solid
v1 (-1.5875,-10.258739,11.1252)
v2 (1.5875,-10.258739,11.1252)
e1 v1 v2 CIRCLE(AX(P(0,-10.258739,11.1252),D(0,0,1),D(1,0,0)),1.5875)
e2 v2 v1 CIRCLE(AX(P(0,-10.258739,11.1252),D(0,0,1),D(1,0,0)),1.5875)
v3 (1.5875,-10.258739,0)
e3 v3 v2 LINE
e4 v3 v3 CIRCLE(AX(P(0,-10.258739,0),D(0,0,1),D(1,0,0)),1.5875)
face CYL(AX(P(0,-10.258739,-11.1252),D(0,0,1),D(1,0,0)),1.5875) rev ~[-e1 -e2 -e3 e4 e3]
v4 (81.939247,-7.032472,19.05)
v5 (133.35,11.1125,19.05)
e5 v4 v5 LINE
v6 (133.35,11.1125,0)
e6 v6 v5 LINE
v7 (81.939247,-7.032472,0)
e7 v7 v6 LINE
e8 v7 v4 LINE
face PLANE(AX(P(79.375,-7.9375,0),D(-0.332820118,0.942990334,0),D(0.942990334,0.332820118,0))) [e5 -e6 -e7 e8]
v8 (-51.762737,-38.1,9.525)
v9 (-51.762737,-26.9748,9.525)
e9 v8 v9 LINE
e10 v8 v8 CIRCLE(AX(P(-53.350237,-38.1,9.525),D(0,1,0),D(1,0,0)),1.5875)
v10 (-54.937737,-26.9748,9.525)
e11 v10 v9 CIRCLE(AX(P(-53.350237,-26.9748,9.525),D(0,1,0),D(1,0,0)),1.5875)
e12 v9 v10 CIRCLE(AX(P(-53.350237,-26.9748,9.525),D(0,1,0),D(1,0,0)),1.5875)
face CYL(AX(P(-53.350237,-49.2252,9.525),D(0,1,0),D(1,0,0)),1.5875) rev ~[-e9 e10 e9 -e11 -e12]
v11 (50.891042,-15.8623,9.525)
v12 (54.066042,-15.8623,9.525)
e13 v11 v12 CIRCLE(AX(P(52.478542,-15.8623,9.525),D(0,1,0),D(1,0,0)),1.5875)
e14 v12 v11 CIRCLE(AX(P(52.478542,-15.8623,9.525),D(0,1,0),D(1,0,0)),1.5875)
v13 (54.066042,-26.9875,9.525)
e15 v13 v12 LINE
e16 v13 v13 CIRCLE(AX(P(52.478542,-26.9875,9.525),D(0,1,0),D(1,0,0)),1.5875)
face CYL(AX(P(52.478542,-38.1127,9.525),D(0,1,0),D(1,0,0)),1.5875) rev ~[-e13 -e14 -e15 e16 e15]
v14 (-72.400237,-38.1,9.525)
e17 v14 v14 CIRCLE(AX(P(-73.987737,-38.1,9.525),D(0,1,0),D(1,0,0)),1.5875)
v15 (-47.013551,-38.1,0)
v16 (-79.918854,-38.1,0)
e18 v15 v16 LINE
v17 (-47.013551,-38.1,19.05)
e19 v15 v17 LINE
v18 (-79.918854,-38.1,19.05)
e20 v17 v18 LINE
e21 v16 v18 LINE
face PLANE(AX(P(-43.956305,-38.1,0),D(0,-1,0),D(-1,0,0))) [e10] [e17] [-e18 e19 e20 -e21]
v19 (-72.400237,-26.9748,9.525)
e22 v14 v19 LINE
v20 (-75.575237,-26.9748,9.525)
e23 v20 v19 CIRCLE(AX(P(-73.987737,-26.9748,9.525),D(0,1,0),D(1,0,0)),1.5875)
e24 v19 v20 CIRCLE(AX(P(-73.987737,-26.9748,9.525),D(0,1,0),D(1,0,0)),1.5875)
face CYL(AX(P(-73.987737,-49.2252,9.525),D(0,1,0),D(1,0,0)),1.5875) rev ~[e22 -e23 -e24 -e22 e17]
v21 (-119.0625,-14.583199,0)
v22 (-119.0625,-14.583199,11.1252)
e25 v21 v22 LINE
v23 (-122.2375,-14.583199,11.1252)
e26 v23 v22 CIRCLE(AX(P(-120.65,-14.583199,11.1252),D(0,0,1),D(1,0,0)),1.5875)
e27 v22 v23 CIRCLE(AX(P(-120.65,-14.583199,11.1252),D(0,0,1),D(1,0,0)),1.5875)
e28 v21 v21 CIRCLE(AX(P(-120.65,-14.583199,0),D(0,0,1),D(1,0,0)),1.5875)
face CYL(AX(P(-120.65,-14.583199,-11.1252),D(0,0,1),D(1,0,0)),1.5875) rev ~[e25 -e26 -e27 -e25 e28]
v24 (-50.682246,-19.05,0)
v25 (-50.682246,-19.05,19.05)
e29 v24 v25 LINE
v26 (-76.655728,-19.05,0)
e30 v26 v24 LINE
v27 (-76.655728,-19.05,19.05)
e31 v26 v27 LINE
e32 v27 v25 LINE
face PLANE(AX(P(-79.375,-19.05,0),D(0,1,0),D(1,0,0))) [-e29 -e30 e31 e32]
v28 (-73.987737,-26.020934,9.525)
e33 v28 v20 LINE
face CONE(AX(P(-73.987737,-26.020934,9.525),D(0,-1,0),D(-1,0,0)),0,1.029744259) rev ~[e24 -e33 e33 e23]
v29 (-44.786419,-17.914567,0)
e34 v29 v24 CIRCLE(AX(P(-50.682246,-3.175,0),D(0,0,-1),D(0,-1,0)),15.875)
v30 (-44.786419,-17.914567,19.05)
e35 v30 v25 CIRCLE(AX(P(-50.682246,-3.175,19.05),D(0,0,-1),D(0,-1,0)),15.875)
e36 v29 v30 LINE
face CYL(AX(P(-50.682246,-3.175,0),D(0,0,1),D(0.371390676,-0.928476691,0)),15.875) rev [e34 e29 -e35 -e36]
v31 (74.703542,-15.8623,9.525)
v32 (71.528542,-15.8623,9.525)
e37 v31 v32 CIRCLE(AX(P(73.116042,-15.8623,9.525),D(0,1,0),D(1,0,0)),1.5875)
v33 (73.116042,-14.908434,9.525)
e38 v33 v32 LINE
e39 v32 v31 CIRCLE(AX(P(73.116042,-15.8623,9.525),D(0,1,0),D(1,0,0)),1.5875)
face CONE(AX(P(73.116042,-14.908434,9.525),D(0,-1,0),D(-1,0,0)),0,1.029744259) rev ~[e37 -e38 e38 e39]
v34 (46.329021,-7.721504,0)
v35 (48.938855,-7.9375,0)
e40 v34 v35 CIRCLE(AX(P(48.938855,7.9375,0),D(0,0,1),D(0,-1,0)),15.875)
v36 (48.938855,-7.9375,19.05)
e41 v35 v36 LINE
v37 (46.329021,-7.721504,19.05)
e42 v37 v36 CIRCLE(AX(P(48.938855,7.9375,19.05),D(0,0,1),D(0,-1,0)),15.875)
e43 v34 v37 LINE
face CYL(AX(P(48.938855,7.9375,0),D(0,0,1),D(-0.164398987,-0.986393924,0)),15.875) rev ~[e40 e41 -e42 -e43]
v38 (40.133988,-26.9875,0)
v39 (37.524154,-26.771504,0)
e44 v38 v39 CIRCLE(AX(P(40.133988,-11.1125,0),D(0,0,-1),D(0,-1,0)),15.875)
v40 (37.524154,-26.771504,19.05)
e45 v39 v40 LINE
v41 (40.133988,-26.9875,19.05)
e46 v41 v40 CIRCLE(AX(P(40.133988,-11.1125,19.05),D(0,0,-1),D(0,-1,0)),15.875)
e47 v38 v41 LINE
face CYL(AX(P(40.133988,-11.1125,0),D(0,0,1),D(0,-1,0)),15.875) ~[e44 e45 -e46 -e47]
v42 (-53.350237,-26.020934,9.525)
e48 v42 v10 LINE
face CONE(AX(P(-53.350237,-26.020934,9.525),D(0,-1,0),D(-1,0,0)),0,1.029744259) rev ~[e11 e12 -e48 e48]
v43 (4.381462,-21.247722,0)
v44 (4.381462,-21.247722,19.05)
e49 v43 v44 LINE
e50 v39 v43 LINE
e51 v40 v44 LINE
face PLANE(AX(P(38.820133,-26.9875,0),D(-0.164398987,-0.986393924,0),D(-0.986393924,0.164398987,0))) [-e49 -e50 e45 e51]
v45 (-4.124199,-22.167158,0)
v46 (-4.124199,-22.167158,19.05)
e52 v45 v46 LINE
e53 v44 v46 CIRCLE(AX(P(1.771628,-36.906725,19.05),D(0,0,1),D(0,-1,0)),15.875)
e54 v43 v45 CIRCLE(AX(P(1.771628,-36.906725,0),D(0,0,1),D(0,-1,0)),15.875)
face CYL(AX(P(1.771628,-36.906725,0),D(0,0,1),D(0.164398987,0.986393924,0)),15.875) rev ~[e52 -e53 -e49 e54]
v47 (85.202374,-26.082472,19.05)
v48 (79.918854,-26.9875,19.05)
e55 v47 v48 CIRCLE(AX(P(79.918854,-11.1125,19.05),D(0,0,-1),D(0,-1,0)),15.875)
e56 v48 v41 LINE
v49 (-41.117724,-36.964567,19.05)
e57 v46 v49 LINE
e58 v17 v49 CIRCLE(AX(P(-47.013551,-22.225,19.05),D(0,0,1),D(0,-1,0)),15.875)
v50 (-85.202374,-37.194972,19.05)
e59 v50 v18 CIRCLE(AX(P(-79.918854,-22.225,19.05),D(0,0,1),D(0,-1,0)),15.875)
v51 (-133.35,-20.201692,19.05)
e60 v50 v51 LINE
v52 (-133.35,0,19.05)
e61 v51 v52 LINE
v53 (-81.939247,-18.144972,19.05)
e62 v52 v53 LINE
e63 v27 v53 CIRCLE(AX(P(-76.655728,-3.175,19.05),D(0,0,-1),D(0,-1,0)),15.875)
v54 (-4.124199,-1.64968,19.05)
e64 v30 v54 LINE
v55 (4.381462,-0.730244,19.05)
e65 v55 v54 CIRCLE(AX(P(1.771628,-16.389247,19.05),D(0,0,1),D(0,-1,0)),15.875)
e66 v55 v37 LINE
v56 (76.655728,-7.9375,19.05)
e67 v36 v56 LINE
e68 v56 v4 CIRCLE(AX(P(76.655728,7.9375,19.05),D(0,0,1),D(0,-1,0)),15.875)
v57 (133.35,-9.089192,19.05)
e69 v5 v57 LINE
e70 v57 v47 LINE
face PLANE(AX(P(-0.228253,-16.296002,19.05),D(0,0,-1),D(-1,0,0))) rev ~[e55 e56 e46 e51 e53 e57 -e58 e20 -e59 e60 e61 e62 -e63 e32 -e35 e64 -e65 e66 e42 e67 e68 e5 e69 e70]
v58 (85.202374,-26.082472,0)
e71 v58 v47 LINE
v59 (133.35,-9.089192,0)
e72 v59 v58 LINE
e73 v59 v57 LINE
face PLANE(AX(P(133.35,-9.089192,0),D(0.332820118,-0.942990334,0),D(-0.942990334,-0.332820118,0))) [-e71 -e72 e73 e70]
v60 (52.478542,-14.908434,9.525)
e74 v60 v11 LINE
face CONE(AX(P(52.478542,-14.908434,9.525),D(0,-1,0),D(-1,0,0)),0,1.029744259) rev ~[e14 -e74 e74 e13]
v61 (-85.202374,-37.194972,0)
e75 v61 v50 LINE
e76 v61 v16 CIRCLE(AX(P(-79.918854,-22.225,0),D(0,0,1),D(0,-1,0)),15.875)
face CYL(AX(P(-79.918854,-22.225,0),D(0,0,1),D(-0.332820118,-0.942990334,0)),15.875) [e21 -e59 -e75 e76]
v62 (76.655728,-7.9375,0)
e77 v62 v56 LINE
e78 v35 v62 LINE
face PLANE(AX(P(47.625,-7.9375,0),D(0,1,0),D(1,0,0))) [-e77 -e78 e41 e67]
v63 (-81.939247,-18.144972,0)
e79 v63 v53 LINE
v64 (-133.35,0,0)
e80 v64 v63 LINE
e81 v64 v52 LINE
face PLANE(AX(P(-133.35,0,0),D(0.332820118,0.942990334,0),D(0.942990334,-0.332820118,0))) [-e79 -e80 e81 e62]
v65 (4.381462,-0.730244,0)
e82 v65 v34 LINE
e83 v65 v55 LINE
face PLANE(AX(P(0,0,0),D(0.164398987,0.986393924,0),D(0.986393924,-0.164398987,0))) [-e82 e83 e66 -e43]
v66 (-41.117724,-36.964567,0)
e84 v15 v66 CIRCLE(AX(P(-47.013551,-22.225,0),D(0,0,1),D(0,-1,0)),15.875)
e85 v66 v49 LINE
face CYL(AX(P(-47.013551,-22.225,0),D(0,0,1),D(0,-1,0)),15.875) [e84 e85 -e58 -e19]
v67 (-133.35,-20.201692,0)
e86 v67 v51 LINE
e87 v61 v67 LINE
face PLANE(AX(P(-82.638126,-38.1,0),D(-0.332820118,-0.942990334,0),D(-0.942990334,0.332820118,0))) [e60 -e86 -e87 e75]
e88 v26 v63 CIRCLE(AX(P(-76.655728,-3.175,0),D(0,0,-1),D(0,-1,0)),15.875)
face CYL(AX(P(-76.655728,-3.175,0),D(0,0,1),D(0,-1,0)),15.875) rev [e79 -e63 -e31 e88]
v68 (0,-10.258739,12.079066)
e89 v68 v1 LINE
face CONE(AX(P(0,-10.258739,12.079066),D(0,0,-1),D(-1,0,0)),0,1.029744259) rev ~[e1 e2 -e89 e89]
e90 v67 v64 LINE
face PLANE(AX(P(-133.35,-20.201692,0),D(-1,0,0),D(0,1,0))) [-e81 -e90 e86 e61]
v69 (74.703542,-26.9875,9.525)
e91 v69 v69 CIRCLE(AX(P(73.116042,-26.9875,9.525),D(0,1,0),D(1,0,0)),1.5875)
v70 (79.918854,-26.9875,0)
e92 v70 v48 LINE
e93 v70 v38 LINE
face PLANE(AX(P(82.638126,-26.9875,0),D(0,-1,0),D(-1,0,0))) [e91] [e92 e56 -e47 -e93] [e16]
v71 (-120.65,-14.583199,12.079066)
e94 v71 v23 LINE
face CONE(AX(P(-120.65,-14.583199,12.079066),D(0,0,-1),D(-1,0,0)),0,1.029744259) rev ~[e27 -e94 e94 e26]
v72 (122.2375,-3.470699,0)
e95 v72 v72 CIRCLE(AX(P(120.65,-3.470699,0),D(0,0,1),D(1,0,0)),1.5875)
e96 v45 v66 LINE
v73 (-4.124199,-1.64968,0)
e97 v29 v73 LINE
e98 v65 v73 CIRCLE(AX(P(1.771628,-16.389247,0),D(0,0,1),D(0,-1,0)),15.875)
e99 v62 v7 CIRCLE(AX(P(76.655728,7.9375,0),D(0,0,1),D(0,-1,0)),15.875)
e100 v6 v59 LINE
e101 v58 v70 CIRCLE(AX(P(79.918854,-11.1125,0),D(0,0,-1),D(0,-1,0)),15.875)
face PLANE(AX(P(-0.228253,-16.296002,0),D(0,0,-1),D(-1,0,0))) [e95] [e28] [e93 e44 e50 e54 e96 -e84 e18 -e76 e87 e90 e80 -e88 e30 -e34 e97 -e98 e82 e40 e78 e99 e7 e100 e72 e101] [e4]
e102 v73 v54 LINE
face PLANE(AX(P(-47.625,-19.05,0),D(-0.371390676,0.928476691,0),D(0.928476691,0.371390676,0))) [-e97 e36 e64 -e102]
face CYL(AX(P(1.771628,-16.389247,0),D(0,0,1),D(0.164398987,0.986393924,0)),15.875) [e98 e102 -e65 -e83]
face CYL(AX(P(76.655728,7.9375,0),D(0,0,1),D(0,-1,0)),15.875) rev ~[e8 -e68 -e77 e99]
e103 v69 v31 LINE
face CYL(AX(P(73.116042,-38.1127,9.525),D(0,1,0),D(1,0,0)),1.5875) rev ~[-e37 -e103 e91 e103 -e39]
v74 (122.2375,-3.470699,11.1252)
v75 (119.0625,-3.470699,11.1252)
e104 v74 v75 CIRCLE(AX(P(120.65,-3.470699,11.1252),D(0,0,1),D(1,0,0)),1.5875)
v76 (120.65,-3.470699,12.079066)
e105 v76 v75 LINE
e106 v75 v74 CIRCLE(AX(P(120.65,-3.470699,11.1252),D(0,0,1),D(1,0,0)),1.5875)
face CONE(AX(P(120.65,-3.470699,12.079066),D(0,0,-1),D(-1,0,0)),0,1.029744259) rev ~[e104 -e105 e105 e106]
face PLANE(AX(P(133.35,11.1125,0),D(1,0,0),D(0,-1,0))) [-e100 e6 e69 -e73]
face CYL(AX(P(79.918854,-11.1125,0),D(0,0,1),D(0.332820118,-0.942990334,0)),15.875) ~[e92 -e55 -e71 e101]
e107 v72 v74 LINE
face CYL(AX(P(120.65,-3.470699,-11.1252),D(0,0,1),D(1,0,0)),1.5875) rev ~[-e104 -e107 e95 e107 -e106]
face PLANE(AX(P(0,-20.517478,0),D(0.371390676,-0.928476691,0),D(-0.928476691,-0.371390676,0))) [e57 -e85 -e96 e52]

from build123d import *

# Parameters (mm, degrees)
BOSS_EXTRUDE1_DEPTH              = 19.05
F_1_8_0_125_DIAMETER_HOLE1_D     = 3.175
F_1_8_0_125_DIAMETER_HOLE1_DEPTH = 11.1252
F_1_8_0_125_DIAMETER_HOLE1_TIP   = 0.953866233
FILLET1_R                        = 15.875
F_1_8_0_125_DIAMETER_HOLE2_D     = 3.175
F_1_8_0_125_DIAMETER_HOLE2_DEPTH = 11.1252
F_1_8_0_125_DIAMETER_HOLE2_TIP   = 0.953866233
F_1_8_0_125_DIAMETER_HOLE3_D     = 3.175
F_1_8_0_125_DIAMETER_HOLE3_DEPTH = 11.1252
F_1_8_0_125_DIAMETER_HOLE3_TIP   = 0.953866233


with BuildPart() as part:
    # Sketch1 → Boss-Extrude1 (new body)
    with BuildSketch(Plane.XY):
        Polygon((0, 0), (47.625, -7.9375), (79.375, -7.9375), (133.35, 11.1125), (133.35, -9.089191705), (82.638126498, -26.9875), (38.820132509, -26.9875), (0, -20.517477915), (-43.956305212, -38.1), (-82.638126498, -38.1), (-133.35, -20.201691705), (-133.35, 0), (-79.375, -19.05), (-47.625, -19.05), align=None)
    extrude(amount=BOSS_EXTRUDE1_DEPTH)

    # 1/8 (0.125) Diameter Hole1
    with Locations(Plane(origin=(0, 0, 0), x_dir=(-1, 0, 0), z_dir=(0, 0, -1))):
        with Locations((-120.65, -3.470698794), (0, -10.258738958), (120.65, -14.583198794)):
            Hole(F_1_8_0_125_DIAMETER_HOLE1_D / 2, depth=F_1_8_0_125_DIAMETER_HOLE1_DEPTH)
            with Locations((0, 0, -(F_1_8_0_125_DIAMETER_HOLE1_DEPTH + F_1_8_0_125_DIAMETER_HOLE1_TIP / 2))):  # 118° drill point
                Cone(0, F_1_8_0_125_DIAMETER_HOLE1_D / 2, F_1_8_0_125_DIAMETER_HOLE1_TIP, mode=Mode.SUBTRACT)

    # Fillet1
    fillet1_edges = [part.edges().sort_by_distance(p)[0] for p in [
        (0, 0, 9.525),
        (47.625, -7.9375, 9.525),
        (79.375, -7.9375, 9.525),
        (82.638126498, -26.9875, 9.525),
        (38.820132509, -26.9875, 9.525),
        (0, -20.517477915, 9.525),
        (-43.956305212, -38.1, 9.525),
        (-82.638126498, -38.1, 9.525),
        (-79.375, -19.05, 9.525),
        (-47.625, -19.05, 9.525),
    ]]
    fillet(fillet1_edges, radius=FILLET1_R)

    # 1/8 (0.125) Diameter Hole2
    with Locations(Plane(origin=(0, -26.9875, 0), x_dir=(-1, 0, 0), z_dir=(0, -1, 0))):
        with Locations((-73.116041543, -9.525), (-52.478541543, -9.525)):
            Hole(F_1_8_0_125_DIAMETER_HOLE2_D / 2, depth=F_1_8_0_125_DIAMETER_HOLE2_DEPTH)
            with Locations((0, 0, -(F_1_8_0_125_DIAMETER_HOLE2_DEPTH + F_1_8_0_125_DIAMETER_HOLE2_TIP / 2))):  # 118° drill point
                Cone(0, F_1_8_0_125_DIAMETER_HOLE2_D / 2, F_1_8_0_125_DIAMETER_HOLE2_TIP, mode=Mode.SUBTRACT)

    # 1/8 (0.125) Diameter Hole3
    with Locations(Plane(origin=(0, -38.1, 0), x_dir=(-1, 0, 0), z_dir=(0, -1, 0))):
        with Locations((53.350236787, -9.525), (73.987736787, -9.525)):
            Hole(F_1_8_0_125_DIAMETER_HOLE3_D / 2, depth=F_1_8_0_125_DIAMETER_HOLE3_DEPTH)
            with Locations((0, 0, -(F_1_8_0_125_DIAMETER_HOLE3_DEPTH + F_1_8_0_125_DIAMETER_HOLE3_TIP / 2))):  # 118° drill point
                Cone(0, F_1_8_0_125_DIAMETER_HOLE3_D / 2, F_1_8_0_125_DIAMETER_HOLE3_TIP, mode=Mode.SUBTRACT)


solid = part.part
